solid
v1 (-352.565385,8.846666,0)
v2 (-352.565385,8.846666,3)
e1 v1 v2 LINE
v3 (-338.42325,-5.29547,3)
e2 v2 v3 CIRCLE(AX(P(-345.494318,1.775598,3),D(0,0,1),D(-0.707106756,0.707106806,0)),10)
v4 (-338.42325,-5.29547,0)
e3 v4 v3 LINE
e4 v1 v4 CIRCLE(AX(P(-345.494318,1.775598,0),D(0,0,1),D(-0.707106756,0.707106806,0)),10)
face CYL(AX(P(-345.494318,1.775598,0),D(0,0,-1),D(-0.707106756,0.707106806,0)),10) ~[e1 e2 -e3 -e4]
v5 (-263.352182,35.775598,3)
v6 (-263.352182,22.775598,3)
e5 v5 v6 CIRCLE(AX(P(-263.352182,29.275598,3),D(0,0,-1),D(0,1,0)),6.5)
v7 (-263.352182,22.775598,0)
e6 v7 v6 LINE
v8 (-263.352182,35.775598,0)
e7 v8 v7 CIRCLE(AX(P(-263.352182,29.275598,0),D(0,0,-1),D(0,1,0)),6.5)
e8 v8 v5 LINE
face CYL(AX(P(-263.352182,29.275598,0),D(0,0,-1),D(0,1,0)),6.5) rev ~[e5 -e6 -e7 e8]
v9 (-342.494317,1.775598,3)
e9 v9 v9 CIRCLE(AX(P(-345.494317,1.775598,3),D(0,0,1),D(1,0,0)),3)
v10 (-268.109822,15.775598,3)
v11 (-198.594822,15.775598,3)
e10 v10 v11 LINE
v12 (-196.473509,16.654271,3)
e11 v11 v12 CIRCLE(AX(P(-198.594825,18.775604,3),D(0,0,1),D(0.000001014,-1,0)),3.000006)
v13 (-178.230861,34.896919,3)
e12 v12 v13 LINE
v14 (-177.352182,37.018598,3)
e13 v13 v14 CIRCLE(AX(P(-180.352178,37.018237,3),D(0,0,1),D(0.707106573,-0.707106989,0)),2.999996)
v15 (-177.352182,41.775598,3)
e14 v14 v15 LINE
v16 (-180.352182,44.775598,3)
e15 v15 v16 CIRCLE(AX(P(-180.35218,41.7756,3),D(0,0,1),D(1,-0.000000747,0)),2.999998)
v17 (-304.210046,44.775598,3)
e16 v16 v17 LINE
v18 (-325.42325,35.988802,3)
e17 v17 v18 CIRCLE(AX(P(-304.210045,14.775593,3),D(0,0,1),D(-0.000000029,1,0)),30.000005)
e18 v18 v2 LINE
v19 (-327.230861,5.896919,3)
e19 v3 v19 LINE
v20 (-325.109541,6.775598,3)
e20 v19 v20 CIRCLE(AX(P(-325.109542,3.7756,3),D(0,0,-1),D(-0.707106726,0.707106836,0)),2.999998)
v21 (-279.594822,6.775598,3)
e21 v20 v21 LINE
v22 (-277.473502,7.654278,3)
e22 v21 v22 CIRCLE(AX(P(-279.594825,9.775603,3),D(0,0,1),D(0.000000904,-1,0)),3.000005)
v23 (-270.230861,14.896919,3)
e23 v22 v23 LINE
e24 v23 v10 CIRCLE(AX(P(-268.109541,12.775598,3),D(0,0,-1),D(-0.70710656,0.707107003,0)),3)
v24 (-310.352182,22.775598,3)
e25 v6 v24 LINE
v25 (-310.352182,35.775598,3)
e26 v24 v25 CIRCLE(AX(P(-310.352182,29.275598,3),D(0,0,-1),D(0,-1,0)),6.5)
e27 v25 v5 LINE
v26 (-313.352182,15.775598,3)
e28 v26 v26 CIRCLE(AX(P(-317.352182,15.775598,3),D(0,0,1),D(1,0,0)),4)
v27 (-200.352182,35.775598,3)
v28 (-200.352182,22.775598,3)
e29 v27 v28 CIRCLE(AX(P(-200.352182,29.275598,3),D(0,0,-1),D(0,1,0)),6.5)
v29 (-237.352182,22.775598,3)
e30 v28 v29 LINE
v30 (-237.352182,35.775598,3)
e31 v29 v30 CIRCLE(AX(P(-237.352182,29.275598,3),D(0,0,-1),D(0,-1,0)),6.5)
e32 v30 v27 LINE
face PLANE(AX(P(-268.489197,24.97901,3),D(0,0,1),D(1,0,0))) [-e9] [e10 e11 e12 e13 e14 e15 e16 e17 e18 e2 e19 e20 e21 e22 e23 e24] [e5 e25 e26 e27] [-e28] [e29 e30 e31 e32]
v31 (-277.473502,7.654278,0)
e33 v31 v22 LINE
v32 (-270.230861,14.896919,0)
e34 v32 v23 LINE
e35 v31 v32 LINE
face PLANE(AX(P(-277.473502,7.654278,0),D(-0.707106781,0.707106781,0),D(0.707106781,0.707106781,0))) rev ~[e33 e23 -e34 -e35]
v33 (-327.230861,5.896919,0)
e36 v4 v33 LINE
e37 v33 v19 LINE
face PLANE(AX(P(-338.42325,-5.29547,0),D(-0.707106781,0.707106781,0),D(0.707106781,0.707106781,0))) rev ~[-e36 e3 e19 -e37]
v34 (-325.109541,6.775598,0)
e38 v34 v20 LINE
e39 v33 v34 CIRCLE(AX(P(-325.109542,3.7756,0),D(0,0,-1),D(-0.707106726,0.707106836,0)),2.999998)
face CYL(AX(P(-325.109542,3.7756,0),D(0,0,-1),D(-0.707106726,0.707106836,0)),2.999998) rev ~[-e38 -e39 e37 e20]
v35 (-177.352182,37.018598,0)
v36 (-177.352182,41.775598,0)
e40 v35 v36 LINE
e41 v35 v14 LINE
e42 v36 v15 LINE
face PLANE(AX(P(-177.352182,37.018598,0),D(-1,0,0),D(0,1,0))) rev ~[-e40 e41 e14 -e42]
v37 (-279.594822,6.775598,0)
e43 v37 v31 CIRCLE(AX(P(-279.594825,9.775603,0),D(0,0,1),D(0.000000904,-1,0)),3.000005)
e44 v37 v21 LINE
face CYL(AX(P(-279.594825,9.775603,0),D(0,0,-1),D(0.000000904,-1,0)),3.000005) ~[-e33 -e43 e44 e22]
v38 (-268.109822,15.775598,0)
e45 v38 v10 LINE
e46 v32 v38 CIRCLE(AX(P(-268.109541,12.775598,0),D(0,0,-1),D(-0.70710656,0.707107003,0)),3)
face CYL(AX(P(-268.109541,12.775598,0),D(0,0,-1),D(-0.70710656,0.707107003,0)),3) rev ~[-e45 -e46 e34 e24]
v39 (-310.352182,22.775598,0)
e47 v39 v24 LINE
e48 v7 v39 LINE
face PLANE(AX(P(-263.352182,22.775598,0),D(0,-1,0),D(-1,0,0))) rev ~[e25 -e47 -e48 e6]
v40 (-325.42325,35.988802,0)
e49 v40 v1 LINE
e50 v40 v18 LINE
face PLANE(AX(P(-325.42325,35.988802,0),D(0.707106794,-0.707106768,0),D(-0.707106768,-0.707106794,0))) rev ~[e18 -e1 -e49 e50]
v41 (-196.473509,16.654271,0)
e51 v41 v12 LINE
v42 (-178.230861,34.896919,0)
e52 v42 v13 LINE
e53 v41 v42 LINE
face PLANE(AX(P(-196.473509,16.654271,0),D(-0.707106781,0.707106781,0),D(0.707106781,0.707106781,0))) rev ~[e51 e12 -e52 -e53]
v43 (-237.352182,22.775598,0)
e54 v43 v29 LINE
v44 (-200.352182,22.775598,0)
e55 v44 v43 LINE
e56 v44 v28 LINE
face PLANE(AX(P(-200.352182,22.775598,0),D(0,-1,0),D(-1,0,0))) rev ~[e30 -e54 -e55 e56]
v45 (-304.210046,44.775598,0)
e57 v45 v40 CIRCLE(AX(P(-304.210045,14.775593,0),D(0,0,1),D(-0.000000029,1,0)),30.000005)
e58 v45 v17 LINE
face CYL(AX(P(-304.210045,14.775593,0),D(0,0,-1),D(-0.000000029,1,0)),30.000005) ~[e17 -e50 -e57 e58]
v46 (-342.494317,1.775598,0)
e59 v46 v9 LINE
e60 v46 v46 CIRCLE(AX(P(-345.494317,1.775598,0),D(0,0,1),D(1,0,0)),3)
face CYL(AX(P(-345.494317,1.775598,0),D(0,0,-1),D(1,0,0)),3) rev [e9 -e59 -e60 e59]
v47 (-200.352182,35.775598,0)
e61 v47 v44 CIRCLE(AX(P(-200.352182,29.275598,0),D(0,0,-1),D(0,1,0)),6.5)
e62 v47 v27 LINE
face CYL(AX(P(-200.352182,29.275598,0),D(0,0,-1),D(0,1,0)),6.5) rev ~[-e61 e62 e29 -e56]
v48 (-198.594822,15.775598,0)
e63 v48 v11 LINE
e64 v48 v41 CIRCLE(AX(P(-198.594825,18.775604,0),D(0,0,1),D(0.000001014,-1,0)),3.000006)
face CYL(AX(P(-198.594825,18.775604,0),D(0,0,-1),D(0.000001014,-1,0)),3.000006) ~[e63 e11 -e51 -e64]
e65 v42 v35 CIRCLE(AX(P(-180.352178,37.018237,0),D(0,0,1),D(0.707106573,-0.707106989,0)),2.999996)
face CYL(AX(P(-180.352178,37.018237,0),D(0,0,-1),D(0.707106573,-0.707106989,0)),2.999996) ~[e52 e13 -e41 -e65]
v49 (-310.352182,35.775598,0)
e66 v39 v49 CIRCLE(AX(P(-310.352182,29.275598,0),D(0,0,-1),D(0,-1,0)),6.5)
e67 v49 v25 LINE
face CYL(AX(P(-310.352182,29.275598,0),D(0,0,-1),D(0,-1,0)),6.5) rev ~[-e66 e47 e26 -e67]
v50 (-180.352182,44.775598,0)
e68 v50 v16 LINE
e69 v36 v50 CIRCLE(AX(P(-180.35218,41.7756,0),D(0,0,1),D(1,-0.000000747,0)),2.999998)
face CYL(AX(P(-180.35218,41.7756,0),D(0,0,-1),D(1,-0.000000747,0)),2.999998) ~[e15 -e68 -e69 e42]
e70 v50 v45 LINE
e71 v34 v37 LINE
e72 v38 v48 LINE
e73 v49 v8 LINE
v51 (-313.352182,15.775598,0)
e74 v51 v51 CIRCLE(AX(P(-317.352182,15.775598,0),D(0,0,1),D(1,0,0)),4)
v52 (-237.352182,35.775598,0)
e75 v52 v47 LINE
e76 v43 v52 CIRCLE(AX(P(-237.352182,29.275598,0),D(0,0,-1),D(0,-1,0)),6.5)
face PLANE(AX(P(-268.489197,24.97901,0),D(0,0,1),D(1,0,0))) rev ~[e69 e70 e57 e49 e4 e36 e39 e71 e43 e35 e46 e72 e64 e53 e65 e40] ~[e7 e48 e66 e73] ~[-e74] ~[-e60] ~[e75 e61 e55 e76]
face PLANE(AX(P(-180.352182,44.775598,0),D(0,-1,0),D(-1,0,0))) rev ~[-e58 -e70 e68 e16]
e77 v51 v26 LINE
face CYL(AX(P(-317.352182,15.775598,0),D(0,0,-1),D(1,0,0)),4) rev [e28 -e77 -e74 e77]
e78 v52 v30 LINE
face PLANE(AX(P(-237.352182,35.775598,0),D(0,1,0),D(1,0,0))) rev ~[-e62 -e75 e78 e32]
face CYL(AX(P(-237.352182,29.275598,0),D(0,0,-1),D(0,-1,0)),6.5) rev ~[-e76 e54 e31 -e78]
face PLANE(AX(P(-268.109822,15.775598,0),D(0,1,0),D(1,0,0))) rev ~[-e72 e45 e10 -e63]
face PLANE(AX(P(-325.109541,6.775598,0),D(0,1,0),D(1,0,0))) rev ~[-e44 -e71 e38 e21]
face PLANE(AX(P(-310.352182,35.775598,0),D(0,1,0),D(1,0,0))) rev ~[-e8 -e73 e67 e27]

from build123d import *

# Parameters (mm, degrees)
F0_R     = 3
F0_R_2   = 4
F1_DEPTH = 3


with BuildPart() as f1:
    # F0 (on Top) → F1 (new body)
    with BuildSketch(Plane.XY):
        with BuildLine():
            Line((-325.42325, 35.988802), (-352.565385, 8.846666))
            ThreePointArc((-352.565385, 8.846666), (-352.565385, -5.29547), (-338.42325, -5.29547))
            Line((-338.42325, -5.29547), (-327.230861, 5.896919))
            ThreePointArc((-327.230861, 5.896919), (-326.257591, 6.547237), (-325.109541, 6.775598))
            Line((-325.109541, 6.775598), (-279.594822, 6.775598))
            ThreePointArc((-279.594822, 6.775598), (-278.446772, 7.00396), (-277.473502, 7.654278))
            Line((-277.473502, 7.654278), (-270.230861, 14.896919))
            ThreePointArc((-270.230861, 14.896919), (-269.257721, 15.547183), (-268.109822, 15.775598))
            Line((-268.109822, 15.775598), (-198.594822, 15.775598))
            ThreePointArc((-198.594822, 15.775598), (-197.446777, 16.003958), (-196.473509, 16.654271))
            Line((-196.473509, 16.654271), (-178.230861, 34.896919))
            ThreePointArc((-178.230861, 34.896919), (-177.580474, 35.870355), (-177.352182, 37.018598))
            Line((-177.352182, 37.018598), (-177.352182, 41.775598))
            ThreePointArc((-177.352182, 41.775598), (-178.230861, 43.896919), (-180.352182, 44.775598))
            Line((-180.352182, 44.775598), (-304.210046, 44.775598))
            ThreePointArc((-304.210046, 44.775598), (-315.690549, 42.491984), (-325.42325, 35.988802))
        make_face()
        with Locations((-345.494317, 1.775598)):
            Circle(F0_R, mode=Mode.SUBTRACT)
        with Locations((-317.352182, 15.775598)):
            Circle(F0_R_2, mode=Mode.SUBTRACT)
        with BuildLine():
            ThreePointArc((-310.352182, 22.775598), (-316.852182, 29.275598), (-310.352182, 35.775598))
            Line((-310.352182, 35.775598), (-263.352182, 35.775598))
            ThreePointArc((-263.352182, 35.775598), (-256.852182, 29.275598), (-263.352182, 22.775598))
            Line((-263.352182, 22.775598), (-310.352182, 22.775598))
        make_face(mode=Mode.SUBTRACT)
        with BuildLine():
            ThreePointArc((-237.352182, 22.775598), (-243.852182, 29.275598), (-237.352182, 35.775598))
            Line((-237.352182, 35.775598), (-200.352182, 35.775598))
            ThreePointArc((-200.352182, 35.775598), (-193.852182, 29.275598), (-200.352182, 22.775598))
            Line((-200.352182, 22.775598), (-237.352182, 22.775598))
        make_face(mode=Mode.SUBTRACT)
    extrude(amount=F1_DEPTH)


solid = f1.part
